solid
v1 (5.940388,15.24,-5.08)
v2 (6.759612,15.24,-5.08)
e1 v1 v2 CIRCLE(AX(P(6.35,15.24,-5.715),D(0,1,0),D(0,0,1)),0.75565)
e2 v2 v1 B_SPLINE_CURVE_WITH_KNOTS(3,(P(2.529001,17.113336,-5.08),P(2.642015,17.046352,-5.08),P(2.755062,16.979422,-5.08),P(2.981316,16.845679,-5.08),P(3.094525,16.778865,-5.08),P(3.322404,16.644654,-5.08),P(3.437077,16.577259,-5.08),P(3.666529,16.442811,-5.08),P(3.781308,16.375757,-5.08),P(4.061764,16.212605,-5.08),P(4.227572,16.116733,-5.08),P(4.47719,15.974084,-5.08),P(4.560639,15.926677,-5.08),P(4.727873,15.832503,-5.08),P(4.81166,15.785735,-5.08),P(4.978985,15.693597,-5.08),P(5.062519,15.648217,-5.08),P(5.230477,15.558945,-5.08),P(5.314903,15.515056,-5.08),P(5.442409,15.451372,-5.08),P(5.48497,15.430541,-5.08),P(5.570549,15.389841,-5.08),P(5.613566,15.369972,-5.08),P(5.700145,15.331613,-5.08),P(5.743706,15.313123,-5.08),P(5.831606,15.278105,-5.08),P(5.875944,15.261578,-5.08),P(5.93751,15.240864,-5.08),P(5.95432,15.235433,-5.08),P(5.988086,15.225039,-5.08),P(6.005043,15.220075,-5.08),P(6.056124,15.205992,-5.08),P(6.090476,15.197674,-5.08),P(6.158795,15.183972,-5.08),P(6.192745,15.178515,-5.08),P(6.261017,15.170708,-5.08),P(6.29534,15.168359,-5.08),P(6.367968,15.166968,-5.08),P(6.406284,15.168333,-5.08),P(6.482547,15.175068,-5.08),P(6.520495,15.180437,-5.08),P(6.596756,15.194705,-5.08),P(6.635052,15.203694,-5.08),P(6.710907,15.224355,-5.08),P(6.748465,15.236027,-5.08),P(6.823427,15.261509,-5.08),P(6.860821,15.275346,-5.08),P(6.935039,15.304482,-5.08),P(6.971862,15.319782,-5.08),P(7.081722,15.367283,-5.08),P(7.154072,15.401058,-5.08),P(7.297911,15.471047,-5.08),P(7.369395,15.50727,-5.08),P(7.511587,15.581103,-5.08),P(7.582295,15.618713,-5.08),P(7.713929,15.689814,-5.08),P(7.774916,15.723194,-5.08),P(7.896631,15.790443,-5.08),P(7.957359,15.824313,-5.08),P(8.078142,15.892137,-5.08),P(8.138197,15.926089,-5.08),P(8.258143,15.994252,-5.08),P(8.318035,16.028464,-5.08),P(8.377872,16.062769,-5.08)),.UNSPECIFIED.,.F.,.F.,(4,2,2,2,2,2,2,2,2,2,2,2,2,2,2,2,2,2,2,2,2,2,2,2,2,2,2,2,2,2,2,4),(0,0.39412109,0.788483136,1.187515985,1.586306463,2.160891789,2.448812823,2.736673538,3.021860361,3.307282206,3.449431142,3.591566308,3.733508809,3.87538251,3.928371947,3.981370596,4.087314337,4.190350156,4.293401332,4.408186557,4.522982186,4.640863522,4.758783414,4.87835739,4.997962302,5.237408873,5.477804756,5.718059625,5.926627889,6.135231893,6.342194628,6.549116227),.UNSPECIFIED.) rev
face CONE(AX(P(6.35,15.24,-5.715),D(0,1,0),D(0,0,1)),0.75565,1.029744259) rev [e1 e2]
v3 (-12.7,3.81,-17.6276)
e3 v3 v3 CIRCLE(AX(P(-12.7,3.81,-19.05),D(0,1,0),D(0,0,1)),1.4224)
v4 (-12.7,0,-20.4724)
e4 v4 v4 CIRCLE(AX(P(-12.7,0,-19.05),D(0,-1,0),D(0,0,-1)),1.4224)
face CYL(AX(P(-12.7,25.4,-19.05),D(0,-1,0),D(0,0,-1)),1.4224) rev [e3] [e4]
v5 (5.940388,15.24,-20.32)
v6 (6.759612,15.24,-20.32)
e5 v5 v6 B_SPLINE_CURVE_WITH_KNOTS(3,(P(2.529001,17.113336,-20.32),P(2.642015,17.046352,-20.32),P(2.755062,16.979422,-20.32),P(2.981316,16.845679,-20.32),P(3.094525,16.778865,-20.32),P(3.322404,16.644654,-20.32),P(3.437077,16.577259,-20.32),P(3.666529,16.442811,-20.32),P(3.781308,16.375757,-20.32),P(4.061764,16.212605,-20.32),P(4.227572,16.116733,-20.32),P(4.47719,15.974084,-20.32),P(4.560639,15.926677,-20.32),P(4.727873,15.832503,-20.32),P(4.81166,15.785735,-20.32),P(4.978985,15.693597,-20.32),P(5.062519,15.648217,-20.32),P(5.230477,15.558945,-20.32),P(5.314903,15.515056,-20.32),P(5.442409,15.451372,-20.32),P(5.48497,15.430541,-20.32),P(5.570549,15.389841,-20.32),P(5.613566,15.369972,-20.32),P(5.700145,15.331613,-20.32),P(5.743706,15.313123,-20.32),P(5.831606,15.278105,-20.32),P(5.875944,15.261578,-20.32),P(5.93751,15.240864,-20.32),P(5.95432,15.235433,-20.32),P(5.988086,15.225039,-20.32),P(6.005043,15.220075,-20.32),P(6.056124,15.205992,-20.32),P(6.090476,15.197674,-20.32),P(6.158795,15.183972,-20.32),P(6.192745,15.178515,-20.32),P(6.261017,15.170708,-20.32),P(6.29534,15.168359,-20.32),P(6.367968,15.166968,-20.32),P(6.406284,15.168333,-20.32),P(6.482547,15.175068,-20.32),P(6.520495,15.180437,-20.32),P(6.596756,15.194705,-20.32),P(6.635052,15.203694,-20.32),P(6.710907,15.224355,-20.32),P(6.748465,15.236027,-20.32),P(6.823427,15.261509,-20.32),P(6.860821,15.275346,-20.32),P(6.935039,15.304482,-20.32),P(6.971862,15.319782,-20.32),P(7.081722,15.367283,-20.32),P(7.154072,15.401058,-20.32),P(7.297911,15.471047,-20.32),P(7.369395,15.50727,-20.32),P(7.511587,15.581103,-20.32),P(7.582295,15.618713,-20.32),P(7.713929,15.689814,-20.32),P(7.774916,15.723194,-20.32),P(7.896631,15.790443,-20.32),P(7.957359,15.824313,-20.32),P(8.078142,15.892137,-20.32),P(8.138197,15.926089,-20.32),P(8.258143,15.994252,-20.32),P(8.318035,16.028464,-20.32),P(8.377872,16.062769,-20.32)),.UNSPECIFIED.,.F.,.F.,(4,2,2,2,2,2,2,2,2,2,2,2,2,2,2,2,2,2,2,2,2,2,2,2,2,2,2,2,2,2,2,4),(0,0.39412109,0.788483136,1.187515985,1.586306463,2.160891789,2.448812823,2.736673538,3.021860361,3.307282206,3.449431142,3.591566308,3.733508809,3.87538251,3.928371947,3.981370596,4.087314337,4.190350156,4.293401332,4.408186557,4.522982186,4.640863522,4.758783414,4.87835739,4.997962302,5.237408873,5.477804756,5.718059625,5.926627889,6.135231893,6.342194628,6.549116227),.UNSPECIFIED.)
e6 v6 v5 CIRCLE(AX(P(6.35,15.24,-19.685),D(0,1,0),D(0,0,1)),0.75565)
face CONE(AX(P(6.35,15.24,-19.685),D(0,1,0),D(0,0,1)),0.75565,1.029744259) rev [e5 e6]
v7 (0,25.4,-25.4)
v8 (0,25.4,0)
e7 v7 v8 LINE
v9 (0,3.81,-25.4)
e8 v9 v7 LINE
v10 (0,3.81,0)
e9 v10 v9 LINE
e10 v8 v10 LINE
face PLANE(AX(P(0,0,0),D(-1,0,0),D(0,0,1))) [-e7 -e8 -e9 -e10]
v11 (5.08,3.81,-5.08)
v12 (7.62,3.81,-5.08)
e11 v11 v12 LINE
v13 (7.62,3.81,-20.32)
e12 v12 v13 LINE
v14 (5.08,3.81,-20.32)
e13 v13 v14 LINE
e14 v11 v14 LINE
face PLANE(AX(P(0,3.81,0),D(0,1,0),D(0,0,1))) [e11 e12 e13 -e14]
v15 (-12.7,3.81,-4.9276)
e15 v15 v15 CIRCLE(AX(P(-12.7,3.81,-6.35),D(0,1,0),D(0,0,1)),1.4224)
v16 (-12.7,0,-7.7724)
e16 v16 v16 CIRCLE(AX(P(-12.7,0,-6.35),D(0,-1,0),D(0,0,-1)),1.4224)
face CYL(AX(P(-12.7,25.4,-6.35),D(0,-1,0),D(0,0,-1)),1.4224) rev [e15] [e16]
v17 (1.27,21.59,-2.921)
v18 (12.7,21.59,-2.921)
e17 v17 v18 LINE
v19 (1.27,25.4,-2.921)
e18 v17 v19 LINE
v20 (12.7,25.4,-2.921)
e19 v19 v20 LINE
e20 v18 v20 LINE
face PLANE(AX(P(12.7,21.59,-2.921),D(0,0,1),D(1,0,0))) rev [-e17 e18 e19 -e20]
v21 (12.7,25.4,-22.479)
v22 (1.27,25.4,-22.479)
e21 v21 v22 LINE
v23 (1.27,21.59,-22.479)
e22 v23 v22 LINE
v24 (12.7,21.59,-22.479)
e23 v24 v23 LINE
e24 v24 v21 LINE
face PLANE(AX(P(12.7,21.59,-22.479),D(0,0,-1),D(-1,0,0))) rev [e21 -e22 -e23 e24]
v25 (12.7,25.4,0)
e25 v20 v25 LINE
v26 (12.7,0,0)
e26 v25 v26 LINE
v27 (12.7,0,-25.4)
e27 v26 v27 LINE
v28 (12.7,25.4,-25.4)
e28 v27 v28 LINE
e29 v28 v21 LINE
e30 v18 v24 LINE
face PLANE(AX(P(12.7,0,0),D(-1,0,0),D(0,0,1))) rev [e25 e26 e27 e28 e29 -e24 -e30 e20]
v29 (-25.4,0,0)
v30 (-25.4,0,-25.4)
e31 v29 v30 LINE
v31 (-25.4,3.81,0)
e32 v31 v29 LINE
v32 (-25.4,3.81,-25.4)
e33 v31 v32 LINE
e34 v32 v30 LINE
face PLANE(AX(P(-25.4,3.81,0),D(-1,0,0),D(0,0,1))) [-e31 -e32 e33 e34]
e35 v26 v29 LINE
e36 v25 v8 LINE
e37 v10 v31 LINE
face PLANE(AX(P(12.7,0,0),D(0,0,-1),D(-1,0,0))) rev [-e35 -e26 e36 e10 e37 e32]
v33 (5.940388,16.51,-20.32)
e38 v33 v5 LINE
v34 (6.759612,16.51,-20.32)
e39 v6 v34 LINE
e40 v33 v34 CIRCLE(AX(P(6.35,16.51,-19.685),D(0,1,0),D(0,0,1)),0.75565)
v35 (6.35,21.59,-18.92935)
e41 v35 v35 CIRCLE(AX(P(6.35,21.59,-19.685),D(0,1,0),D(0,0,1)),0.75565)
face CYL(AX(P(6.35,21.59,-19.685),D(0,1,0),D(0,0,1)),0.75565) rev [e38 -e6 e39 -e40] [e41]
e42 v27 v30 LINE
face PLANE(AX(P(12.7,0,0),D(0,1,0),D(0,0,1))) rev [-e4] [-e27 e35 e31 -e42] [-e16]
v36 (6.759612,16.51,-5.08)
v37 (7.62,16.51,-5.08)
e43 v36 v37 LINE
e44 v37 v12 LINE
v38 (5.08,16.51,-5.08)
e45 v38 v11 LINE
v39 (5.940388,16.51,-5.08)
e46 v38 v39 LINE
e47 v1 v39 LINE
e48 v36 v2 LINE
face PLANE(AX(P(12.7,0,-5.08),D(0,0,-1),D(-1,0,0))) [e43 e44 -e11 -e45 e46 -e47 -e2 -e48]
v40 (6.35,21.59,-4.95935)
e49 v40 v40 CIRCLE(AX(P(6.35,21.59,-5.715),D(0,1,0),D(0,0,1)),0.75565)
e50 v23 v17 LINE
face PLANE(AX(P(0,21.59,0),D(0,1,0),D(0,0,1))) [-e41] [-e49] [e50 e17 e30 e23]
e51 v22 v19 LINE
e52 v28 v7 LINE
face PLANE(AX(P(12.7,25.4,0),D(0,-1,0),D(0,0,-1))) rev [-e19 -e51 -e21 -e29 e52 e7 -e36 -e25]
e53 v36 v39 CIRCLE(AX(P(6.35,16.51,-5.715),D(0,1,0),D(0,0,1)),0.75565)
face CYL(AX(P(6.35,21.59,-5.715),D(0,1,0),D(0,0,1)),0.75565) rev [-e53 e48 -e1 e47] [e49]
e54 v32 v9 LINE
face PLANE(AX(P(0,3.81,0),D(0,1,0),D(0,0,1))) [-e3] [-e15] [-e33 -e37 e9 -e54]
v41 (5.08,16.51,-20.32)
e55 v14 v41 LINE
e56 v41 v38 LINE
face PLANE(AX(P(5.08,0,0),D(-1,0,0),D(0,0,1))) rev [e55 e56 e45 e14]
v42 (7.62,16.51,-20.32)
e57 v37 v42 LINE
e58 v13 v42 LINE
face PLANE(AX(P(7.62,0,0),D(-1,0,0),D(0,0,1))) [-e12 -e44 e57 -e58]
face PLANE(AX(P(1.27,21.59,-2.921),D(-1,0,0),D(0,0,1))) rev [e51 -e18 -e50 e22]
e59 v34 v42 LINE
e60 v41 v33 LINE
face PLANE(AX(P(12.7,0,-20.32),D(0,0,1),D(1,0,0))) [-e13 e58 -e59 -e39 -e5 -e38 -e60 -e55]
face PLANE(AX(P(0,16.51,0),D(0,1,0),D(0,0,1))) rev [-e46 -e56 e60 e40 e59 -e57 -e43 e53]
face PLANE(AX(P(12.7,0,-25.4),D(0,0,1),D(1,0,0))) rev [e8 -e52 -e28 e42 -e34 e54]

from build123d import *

# Parameters (mm, degrees)
SKETCH1_W                 = 25.4
SKETCH1_H                 = 25.4
BOSS_EXTRUDE1_DEPTH       = 12.7
SKETCH2_W                 = 11.43
SKETCH2_H                 = 19.558
CUT_EXTRUDE1_DEPTH        = 3.81
SHELL2_T                  = -5.08
F_1_64_TAPPED_HOLE2_D     = 1.5113
F_1_64_TAPPED_HOLE2_DEPTH = 6.35
F_1_64_TAPPED_HOLE2_TIP   = 0.454040327
SKETCH12_W                = 38.1
SKETCH12_H                = 25.4
BOSS_EXTRUDE2_DEPTH       = 3.81
SKETCH16_R                = 1.4224
CUT_EXTRUDE2_DEPTH        = 44.994090512


with BuildPart() as part:
    # Sketch1 → Boss-Extrude1 (new body)
    with BuildSketch(Plane(origin=(0, 0, 0), x_dir=(0, 0, -1), z_dir=(1, 0, 0))):
        with Locations((12.7, 12.7)):
            Rectangle(SKETCH1_W, SKETCH1_H)
    extrude(amount=BOSS_EXTRUDE1_DEPTH)

    # Sketch2 → Cut-Extrude1 (cut)
    with BuildSketch(Plane(origin=(0, 25.4, 0), x_dir=(1, 0, 0), z_dir=(0, 1, 0))):
        with Locations((6.985, 12.7)):
            Rectangle(SKETCH2_W, SKETCH2_H)
    extrude(amount=-CUT_EXTRUDE1_DEPTH, mode=Mode.SUBTRACT)

    # Shell2
    shell2_openings = [part.faces().sort_by_distance(p)[0] for p in [
        (6.35, 0, -12.7),
    ]]
    offset(amount=SHELL2_T, openings=shell2_openings, kind=Kind.INTERSECTION)

    # #1-64 Tapped Hole2
    with Locations(Plane(origin=(0, 21.59, 0), x_dir=(1, 0, 0), z_dir=(0, 1, 0))):
        with Locations((6.35, 19.685), (6.35, 5.715)):
            Hole(F_1_64_TAPPED_HOLE2_D / 2, depth=F_1_64_TAPPED_HOLE2_DEPTH)
            with Locations((0, 0, -(F_1_64_TAPPED_HOLE2_DEPTH + F_1_64_TAPPED_HOLE2_TIP / 2))):  # 118° drill point
                Cone(0, F_1_64_TAPPED_HOLE2_D / 2, F_1_64_TAPPED_HOLE2_TIP, mode=Mode.SUBTRACT)

    # Sketch12 → Boss-Extrude2 (add)
    with BuildSketch(Plane.XZ):
        with Locations((-6.35, -12.7)):
            Rectangle(SKETCH12_W, SKETCH12_H)
    extrude(amount=-BOSS_EXTRUDE2_DEPTH)

    # Sketch16 → Cut-Extrude2 (cut, through all)
    with BuildSketch(Plane.XZ):
        with Locations(Location((-12.7, -6.35, 0), (0, 0, 270))):
            Circle(SKETCH16_R)
        with Locations(Location((-12.7, -19.05, 0), (0, 0, 270))):
            Circle(SKETCH16_R)
    extrude(amount=-CUT_EXTRUDE2_DEPTH, mode=Mode.SUBTRACT)


solid = part.part
